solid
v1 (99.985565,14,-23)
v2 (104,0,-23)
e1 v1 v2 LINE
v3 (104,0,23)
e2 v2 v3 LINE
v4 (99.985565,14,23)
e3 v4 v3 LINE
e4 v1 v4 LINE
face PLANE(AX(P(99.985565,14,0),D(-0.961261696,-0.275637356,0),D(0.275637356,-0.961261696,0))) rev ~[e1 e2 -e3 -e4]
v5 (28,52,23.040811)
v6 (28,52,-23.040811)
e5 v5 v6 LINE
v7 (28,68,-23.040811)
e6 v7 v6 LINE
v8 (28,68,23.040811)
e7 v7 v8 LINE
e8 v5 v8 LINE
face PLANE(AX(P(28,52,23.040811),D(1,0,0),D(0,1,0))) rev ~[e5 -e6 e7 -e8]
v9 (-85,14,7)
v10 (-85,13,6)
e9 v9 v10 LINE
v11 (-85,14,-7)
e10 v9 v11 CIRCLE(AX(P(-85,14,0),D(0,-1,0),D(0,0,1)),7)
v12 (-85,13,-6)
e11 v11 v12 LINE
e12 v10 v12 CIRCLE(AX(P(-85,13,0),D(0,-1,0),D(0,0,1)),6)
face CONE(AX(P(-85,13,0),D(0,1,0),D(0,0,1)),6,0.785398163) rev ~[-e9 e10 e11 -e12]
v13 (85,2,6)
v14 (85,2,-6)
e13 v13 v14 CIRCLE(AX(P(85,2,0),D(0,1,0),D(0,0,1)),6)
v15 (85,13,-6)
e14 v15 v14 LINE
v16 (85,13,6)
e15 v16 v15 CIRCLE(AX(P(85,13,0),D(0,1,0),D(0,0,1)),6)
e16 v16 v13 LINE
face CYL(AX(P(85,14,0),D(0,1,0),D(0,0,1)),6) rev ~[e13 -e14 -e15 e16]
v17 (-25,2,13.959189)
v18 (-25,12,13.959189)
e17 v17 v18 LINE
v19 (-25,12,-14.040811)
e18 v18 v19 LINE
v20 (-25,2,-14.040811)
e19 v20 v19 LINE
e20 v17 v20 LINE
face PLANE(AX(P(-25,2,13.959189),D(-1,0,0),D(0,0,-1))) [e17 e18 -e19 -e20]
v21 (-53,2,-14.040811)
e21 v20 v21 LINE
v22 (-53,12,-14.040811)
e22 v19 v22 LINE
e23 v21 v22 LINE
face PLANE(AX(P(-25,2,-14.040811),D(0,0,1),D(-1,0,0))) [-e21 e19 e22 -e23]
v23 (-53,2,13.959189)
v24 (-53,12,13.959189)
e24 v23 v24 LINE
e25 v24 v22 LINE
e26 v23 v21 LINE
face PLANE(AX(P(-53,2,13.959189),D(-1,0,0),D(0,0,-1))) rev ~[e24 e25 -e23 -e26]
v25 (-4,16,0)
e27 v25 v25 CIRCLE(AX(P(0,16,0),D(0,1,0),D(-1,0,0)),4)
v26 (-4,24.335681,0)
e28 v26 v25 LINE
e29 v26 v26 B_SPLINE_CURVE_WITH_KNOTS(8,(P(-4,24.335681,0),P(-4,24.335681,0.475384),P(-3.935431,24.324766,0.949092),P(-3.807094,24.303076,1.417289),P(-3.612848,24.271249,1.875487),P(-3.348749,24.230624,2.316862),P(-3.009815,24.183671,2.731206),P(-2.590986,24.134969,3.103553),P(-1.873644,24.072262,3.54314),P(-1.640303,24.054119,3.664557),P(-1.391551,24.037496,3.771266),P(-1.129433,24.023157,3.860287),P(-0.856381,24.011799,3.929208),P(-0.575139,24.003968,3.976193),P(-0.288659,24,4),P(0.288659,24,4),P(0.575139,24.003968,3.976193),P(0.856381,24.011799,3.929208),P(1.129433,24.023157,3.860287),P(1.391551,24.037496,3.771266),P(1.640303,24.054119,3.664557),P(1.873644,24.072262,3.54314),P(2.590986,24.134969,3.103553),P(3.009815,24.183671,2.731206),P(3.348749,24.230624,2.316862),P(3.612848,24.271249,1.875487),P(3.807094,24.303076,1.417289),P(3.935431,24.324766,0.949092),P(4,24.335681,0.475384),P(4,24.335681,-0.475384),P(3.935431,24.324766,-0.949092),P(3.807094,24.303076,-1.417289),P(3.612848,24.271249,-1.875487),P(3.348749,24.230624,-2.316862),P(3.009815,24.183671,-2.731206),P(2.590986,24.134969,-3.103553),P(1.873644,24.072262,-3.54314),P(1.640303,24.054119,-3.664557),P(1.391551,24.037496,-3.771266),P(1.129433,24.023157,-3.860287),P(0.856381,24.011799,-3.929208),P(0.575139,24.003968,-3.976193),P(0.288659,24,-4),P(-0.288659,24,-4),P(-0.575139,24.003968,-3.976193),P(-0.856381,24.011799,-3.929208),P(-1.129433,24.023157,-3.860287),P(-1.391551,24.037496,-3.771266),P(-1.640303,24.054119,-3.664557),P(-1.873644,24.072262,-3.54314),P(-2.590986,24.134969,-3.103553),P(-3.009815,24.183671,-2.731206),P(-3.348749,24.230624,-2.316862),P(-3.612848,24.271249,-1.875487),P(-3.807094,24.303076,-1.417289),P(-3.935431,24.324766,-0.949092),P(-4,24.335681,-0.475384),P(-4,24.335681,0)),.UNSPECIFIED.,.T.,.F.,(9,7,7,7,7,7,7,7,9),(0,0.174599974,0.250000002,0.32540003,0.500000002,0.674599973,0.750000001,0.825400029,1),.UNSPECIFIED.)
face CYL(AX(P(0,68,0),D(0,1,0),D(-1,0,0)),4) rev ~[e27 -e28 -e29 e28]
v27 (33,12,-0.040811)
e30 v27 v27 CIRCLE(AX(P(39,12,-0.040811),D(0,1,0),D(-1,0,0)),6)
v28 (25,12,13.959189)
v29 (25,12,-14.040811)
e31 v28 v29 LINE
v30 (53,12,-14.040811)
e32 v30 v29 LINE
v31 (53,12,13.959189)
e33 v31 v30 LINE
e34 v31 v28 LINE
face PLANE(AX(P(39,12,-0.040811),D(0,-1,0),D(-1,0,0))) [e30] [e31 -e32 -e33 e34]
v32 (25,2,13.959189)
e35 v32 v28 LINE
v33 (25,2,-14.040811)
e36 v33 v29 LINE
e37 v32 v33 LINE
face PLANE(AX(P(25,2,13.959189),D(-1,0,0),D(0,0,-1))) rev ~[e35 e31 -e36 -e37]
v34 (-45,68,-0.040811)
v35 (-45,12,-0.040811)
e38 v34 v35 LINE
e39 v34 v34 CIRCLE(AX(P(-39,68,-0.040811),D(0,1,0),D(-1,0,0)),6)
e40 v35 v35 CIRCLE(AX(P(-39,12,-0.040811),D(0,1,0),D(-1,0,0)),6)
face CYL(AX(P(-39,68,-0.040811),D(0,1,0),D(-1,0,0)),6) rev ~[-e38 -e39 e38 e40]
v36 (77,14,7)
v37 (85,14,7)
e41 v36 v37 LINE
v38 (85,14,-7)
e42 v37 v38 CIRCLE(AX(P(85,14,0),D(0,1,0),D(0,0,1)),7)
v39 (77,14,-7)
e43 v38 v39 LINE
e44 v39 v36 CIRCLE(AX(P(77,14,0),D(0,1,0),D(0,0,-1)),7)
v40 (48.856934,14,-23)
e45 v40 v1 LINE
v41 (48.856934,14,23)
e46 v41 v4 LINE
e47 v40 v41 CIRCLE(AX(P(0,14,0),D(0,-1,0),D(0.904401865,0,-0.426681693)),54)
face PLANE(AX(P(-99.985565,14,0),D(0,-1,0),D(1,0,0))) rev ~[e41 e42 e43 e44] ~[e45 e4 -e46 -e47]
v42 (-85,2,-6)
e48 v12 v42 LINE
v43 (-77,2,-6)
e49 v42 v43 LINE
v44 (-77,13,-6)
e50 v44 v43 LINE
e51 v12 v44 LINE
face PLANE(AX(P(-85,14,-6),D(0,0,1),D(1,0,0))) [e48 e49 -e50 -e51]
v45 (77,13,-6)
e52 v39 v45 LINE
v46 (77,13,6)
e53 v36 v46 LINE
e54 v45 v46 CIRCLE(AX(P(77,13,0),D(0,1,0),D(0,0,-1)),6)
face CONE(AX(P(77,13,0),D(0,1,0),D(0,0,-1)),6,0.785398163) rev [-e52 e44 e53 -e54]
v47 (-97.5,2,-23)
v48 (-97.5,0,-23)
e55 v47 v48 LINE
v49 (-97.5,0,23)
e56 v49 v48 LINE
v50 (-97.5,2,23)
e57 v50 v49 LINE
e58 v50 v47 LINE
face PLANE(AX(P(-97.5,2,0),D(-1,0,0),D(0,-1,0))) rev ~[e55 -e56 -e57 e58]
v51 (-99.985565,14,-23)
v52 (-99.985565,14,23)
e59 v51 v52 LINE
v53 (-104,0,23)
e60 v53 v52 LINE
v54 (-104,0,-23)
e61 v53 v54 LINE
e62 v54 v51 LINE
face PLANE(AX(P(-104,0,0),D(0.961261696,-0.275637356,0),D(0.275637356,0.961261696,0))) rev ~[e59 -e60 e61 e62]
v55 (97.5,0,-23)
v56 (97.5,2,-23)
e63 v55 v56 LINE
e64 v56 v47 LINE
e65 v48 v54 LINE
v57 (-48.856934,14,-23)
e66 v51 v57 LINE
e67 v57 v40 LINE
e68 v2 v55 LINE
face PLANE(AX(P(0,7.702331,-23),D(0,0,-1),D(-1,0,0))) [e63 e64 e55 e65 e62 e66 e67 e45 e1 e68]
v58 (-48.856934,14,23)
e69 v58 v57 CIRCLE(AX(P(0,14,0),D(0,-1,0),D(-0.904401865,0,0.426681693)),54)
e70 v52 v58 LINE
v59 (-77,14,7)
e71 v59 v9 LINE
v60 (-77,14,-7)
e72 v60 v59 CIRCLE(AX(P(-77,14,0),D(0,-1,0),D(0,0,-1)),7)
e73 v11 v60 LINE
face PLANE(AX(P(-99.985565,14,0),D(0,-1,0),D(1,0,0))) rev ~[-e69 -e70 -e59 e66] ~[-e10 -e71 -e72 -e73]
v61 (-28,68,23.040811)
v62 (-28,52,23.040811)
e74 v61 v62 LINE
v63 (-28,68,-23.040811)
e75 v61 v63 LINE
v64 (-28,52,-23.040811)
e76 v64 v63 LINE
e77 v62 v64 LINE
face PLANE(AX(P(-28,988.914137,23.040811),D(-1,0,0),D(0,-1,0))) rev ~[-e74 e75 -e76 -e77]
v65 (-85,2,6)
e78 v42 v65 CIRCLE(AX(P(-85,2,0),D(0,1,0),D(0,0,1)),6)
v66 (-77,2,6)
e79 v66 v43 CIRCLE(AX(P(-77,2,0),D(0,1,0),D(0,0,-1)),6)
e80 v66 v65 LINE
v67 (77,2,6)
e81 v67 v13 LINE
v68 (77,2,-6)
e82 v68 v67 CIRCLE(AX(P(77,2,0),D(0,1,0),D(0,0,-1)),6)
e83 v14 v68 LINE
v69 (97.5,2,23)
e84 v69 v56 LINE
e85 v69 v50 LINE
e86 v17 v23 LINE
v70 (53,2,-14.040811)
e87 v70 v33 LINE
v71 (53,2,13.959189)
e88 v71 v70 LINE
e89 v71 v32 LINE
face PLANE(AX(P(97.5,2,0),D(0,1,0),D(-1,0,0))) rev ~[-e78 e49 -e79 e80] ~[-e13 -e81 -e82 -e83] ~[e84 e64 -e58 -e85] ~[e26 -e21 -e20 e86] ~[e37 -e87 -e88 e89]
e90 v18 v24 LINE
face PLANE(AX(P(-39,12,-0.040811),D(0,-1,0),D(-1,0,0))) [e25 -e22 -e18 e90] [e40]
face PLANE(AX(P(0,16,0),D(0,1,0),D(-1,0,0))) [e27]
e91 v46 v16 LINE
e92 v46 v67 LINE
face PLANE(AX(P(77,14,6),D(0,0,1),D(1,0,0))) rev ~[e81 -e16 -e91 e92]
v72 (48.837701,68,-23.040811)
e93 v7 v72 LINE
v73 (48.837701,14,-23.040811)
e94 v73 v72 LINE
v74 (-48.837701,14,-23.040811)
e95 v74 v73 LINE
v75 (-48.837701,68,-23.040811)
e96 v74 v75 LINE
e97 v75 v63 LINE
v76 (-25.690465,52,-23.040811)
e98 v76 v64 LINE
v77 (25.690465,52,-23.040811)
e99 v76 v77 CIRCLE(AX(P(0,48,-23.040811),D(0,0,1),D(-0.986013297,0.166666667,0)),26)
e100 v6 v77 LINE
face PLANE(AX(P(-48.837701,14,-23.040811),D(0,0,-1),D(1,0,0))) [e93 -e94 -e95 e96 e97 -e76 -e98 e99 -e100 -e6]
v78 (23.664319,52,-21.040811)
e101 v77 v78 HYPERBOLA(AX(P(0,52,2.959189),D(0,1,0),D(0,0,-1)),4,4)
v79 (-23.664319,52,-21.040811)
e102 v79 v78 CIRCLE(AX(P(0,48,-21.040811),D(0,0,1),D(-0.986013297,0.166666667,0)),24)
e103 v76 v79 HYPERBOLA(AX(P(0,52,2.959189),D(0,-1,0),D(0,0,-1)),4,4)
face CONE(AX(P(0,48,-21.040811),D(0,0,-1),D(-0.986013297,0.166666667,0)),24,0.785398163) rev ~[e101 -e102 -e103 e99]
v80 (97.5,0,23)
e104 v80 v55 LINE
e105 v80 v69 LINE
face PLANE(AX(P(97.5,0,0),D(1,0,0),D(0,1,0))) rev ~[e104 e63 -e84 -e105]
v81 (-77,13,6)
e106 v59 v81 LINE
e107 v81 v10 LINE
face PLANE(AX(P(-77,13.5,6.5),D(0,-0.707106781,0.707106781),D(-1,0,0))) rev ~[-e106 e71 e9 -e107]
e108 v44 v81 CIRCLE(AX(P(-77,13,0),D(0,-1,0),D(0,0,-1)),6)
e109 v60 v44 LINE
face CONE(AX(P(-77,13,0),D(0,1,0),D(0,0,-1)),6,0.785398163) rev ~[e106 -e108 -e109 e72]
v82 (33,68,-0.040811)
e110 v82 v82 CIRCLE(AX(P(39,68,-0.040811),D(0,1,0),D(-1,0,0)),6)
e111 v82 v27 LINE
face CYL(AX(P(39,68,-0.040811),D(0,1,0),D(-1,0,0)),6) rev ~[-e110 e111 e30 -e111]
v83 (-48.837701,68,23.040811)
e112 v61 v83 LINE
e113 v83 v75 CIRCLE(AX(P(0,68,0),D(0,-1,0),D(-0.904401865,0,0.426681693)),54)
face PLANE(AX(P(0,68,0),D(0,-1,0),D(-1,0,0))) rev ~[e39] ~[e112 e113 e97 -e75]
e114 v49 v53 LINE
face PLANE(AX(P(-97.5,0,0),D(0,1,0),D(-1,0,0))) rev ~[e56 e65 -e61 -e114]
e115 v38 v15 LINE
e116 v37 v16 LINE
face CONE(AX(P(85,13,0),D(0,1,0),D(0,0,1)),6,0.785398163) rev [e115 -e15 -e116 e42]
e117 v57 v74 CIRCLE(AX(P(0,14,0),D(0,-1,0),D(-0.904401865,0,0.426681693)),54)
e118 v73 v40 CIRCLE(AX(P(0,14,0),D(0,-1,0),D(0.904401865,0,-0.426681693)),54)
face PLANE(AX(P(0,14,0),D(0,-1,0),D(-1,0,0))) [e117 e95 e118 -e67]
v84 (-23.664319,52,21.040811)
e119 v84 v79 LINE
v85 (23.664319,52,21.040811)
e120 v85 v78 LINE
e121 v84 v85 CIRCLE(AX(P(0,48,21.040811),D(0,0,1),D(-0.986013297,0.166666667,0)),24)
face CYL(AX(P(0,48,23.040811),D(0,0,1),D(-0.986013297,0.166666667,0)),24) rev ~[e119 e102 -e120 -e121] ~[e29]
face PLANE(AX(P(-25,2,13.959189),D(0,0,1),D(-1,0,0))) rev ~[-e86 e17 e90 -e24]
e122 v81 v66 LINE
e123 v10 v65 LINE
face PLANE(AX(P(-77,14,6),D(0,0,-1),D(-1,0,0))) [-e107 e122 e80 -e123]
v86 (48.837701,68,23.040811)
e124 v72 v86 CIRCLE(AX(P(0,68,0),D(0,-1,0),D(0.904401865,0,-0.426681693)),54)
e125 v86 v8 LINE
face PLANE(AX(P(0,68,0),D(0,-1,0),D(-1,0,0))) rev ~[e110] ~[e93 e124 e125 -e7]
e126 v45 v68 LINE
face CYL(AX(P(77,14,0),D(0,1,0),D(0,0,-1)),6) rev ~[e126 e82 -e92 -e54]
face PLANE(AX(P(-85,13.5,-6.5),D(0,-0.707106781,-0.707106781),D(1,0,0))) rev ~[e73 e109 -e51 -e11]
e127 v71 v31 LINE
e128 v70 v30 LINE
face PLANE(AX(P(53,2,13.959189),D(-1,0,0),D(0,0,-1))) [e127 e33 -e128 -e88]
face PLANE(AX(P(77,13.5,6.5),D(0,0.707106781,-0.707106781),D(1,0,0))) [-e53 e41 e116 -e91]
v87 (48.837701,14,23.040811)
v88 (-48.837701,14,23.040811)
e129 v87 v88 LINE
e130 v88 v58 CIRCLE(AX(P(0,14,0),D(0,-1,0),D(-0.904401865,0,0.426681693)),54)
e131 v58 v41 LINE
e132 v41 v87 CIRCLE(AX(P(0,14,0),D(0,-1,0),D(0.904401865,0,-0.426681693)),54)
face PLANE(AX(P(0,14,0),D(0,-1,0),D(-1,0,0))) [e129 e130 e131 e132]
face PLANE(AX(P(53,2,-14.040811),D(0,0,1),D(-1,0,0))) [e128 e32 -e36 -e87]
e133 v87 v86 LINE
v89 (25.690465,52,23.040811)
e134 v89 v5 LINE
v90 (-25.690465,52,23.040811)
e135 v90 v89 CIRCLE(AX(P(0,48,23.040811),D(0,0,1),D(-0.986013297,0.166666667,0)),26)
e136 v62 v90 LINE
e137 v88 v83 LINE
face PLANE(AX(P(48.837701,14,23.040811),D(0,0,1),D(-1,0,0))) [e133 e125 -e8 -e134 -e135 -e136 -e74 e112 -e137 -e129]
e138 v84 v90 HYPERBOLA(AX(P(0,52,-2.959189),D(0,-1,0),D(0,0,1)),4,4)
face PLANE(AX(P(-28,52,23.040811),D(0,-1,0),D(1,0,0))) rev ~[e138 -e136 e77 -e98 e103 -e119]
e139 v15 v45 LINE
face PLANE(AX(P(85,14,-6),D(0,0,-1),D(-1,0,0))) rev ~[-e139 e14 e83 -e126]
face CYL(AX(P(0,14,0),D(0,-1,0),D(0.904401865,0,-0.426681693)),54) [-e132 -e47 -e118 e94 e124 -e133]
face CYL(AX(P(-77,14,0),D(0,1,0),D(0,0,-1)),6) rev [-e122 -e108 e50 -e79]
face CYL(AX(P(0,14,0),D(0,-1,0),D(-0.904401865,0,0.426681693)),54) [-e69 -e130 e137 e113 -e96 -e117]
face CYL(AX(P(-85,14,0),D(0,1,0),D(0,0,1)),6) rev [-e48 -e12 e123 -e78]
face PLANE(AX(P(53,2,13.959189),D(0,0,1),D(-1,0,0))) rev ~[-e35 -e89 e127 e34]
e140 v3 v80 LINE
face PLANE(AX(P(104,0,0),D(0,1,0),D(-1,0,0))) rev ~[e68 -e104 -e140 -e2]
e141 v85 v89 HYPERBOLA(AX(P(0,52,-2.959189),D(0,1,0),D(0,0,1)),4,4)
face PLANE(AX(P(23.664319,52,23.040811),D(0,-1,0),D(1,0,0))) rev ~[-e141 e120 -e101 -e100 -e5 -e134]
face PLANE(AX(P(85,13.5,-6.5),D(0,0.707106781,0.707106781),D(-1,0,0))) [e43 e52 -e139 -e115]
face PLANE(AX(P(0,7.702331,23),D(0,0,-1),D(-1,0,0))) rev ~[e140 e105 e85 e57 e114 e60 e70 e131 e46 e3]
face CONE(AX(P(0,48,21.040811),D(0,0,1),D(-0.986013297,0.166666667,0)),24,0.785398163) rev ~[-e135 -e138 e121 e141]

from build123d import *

# Parameters (mm, degrees)
BOSS_EXTRUDE1_DEPTH = 23
BOSS_EXTRUDE2_DEPTH = 54
SKETCH5_R           = 4
CUT_EXTRUDE1_DEPTH  = 52
CUT_EXTRUDE5_DEPTH  = 133.527415876
SKETCH8_R           = 6
CUT_EXTRUDE6_DEPTH  = 127.3759431
CUT_EXTRUDE7_DEPTH  = 120.427295851
SKETCH10_W          = 28
SKETCH10_H          = 28
CUT_EXTRUDE8_DEPTH  = 10
CHAMFER1_SIZE       = 2
CHAMFER2_SIZE       = 1


with BuildPart() as part:
    # Sketch1 → Boss-Extrude1 (new, symmetric)
    with BuildSketch(Plane.XY):
        Polygon((104, 0), (97.5, 0), (97.5, 2), (-97.5, 2), (-97.5, 0), (-104, 0), (-99.985564599, 14), (99.985564599, 14), align=None)
    extrude(amount=BOSS_EXTRUDE1_DEPTH, both=True)

    # Sketch3 → Boss-Extrude2 (add)
    with BuildSketch(Plane(origin=(0, 14, 0), x_dir=(1, 0, 0), z_dir=(0, 1, 0))):
        with BuildLine():
            Line((-48.837700706, 23.040811394), (48.837700706, 23.040811394))
            ThreePointArc((48.837700706, 23.040811394), (54, 0), (48.837700706, -23.040811394))
            Line((48.837700706, -23.040811394), (-48.837700706, -23.040811394))
            ThreePointArc((-48.837700706, -23.040811394), (-54, 0), (-48.837700706, 23.040811394))
        make_face()
    extrude(amount=BOSS_EXTRUDE2_DEPTH)

    # Sketch5 → Cut-Extrude1 (cut)
    with BuildSketch(Plane(origin=(0, 68, 0), x_dir=(1, 0, 0), z_dir=(0, 1, 0))):
        with Locations(Location((0, 0, 0), (0, 0, 180))):
            Circle(SKETCH5_R)
    extrude(amount=-CUT_EXTRUDE1_DEPTH, mode=Mode.SUBTRACT)

    # Sketch6 → Cut-Extrude5 (cut, through all)
    with BuildSketch(Plane.XY.offset(23.040811394)):
        with BuildLine():
            Line((-28, 374.971379092), (-28, 68))
            Line((-28, 68), (-28, 52))
            Line((-28, 52), (-23.664319132, 52))
            ThreePointArc((-23.664319132, 52), (0, 24), (23.664319132, 52))
            Line((23.664319132, 52), (28, 52))
            Line((28, 52), (28, 68))
            Line((28, 68), (28, 374.971379092))
            Line((28, 374.971379092), (28, 988.914137277))
            Line((28, 988.914137277), (-28, 988.914137277))
            Line((-28, 988.914137277), (-28, 374.971379092))
        make_face()
    extrude(amount=-CUT_EXTRUDE5_DEPTH, mode=Mode.SUBTRACT)

    # Sketch8 → Cut-Extrude6 (cut, through all)
    with BuildSketch(Plane(origin=(0, 68, 0), x_dir=(1, 0, 0), z_dir=(0, 1, 0))):
        with Locations(Location((-39, 0.040811394, 0), (0, 0, 180))):
            Circle(SKETCH8_R)
        with Locations(Location((39, 0.040811394, 0), (0, 0, 180))):
            Circle(SKETCH8_R)
    extrude(amount=-CUT_EXTRUDE6_DEPTH, mode=Mode.SUBTRACT)

    # Sketch9 → Cut-Extrude7 (cut, through all)
    with BuildSketch(Plane(origin=(0, 14, 0), x_dir=(1, 0, 0), z_dir=(0, 1, 0))):
        with BuildLine():
            Line((-85, 6), (-77, 6))
            ThreePointArc((-77, 6), (-71, 0), (-77, -6))
            Line((-77, -6), (-85, -6))
            ThreePointArc((-85, -6), (-91, 0), (-85, 6))
        make_face()
        with BuildLine():
            Line((85, 6), (77, 6))
            ThreePointArc((77, 6), (71, 0), (77, -6))
            Line((77, -6), (85, -6))
            ThreePointArc((85, -6), (91, 0), (85, 6))
        make_face()
    extrude(amount=-CUT_EXTRUDE7_DEPTH, mode=Mode.SUBTRACT)

    # Sketch10 → Cut-Extrude8 (cut)
    with BuildSketch(Plane(origin=(0, 2, 0), x_dir=(-1, 0, 0), z_dir=(0, -1, 0))):
        with Locations((39, 0.040811394)):
            Rectangle(SKETCH10_W, SKETCH10_H)
        with Locations((-39, 0.040811394)):
            Rectangle(SKETCH10_W, SKETCH10_H)
    extrude(amount=-CUT_EXTRUDE8_DEPTH, mode=Mode.SUBTRACT)

    # Chamfer1
    chamfer1_edges = [part.edges().sort_by_distance(p)[0] for p in [
        (0, 24, -23.040811394),
        (0, 24, 23.040811394),
    ]]
    chamfer(chamfer1_edges, length=CHAMFER1_SIZE)

    # Chamfer2
    chamfer2_edges = [part.edges().sort_by_distance(p)[0] for p in [
        (91, 14, 0),
        (81, 14, -6),
        (71, 14, 0),
        (81, 14, 6),
        (-91, 14, 0),
        (-81, 14, 6),
        (-71, 14, 0),
        (-81, 14, -6),
    ]]
    chamfer(chamfer2_edges, length=CHAMFER2_SIZE)


solid = part.part
